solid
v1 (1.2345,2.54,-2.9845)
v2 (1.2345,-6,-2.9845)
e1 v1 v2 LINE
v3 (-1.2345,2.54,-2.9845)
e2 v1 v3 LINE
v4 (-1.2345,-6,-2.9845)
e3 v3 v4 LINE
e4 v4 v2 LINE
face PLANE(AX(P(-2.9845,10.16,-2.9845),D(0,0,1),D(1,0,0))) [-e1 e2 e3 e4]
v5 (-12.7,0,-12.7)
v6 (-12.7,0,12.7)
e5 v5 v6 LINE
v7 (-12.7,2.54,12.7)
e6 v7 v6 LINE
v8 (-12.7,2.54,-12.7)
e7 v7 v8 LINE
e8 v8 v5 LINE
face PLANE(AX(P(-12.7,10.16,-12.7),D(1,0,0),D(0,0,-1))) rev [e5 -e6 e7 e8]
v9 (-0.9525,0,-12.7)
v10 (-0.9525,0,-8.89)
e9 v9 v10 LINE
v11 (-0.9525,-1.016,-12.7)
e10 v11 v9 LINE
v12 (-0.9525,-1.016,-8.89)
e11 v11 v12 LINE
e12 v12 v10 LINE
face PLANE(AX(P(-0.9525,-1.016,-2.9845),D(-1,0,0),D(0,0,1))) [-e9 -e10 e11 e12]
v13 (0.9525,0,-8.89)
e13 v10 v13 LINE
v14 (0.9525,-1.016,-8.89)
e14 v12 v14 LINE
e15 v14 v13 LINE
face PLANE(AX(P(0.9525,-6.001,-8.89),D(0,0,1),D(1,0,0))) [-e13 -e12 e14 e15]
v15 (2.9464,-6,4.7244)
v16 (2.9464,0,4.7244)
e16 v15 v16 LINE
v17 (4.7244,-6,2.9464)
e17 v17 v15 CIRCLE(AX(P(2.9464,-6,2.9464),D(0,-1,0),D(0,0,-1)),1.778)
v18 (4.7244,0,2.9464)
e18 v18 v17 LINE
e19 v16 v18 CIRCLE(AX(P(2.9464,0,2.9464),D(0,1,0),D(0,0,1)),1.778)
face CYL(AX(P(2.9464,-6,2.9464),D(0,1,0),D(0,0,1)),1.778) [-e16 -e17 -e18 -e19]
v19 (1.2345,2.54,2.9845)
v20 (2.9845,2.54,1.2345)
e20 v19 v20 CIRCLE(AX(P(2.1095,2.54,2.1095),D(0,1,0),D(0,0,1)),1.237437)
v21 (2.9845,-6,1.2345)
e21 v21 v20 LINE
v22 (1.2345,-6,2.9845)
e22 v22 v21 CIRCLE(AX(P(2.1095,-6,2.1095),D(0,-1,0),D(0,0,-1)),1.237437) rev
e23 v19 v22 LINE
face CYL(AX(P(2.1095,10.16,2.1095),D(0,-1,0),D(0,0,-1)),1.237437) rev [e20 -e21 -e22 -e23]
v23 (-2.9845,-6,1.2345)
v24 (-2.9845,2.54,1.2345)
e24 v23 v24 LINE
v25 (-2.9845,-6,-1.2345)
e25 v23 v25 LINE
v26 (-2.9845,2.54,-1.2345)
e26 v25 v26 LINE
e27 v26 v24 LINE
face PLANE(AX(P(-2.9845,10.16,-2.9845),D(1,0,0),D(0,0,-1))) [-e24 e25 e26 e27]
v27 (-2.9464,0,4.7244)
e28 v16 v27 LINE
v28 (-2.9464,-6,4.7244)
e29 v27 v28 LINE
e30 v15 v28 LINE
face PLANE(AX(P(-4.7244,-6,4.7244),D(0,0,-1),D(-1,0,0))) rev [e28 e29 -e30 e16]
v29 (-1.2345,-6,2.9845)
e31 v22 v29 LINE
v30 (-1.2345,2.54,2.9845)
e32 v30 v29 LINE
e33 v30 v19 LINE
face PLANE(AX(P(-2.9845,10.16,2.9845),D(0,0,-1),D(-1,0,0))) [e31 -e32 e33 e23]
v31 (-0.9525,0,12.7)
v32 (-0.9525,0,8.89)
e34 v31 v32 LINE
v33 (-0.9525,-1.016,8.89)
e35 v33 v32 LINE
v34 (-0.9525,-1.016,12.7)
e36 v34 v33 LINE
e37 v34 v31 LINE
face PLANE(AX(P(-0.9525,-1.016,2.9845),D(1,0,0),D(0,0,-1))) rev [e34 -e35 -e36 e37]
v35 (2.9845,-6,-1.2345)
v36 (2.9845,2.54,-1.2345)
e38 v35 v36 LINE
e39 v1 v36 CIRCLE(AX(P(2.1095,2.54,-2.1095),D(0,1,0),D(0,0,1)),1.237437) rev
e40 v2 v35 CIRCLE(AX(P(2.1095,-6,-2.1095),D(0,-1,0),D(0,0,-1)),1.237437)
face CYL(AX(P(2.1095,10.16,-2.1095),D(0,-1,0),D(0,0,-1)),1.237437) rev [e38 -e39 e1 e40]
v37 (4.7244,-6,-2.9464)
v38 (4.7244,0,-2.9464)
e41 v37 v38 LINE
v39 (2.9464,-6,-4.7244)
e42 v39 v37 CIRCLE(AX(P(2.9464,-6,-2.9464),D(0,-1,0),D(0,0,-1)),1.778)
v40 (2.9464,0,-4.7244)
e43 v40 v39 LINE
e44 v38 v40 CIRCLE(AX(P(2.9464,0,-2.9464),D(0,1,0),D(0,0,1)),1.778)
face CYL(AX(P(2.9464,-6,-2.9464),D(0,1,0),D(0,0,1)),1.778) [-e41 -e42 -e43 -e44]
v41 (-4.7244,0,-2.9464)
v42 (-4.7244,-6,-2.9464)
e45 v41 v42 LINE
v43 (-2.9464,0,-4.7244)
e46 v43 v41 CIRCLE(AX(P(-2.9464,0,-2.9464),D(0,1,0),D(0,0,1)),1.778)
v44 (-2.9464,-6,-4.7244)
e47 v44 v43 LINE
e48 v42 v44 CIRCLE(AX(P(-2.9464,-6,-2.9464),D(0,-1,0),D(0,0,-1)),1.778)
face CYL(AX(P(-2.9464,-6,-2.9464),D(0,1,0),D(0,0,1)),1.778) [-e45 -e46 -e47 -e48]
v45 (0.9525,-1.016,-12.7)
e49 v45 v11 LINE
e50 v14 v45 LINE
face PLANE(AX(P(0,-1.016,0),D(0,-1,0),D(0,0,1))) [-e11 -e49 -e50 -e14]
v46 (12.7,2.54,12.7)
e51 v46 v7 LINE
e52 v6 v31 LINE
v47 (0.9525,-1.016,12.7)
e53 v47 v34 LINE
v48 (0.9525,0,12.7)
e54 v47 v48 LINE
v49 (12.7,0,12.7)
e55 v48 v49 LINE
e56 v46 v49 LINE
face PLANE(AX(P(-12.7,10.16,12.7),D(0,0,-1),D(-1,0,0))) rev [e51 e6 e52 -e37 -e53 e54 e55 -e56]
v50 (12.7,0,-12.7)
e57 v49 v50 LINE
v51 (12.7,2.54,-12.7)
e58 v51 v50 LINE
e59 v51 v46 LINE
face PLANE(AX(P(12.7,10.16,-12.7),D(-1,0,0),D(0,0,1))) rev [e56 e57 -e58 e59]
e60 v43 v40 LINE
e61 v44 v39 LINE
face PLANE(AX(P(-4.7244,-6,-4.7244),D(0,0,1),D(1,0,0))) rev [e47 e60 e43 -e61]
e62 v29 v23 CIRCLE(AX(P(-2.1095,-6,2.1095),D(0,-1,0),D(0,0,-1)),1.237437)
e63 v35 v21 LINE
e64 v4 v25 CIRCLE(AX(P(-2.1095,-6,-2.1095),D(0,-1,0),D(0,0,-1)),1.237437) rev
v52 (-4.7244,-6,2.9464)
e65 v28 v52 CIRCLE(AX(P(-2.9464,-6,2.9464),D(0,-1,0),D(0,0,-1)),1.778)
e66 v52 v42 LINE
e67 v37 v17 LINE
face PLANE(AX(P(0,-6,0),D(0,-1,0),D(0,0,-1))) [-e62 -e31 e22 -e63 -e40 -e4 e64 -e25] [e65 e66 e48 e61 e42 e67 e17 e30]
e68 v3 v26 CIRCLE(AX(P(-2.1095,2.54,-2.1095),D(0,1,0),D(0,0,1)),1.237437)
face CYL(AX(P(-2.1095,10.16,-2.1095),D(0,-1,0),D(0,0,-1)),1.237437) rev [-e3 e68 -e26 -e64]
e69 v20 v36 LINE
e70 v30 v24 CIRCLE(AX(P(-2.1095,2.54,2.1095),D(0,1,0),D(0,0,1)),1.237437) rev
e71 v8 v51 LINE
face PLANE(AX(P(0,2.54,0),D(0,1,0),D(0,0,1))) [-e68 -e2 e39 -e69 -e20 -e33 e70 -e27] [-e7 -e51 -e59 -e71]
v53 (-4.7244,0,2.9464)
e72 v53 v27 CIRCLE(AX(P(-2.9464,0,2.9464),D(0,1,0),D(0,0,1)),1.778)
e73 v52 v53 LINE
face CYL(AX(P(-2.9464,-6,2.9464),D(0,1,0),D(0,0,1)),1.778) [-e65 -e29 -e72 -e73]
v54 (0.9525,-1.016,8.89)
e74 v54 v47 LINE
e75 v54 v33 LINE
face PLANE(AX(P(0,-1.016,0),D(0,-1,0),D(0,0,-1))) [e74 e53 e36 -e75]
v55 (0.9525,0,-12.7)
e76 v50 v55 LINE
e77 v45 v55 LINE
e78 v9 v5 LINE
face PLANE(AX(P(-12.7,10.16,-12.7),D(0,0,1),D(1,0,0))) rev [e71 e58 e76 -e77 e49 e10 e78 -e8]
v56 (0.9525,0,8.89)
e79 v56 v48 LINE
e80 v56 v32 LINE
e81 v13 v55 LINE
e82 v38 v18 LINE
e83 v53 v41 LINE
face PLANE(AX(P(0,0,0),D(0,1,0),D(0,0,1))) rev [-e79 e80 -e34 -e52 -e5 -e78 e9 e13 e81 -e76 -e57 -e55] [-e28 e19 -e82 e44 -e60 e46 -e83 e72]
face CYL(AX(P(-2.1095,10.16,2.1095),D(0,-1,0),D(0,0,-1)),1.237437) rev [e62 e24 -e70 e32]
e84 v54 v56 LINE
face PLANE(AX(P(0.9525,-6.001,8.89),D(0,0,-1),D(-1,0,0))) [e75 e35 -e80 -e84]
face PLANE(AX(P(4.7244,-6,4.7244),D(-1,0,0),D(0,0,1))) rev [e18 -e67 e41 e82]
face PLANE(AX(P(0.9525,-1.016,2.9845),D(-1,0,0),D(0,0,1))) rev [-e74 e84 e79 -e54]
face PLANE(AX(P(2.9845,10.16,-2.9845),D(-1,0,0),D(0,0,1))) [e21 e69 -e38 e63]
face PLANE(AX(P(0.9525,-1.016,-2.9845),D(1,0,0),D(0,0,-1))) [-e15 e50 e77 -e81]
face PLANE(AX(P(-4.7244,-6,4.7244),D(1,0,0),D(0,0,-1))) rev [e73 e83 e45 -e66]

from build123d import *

# Parameters (mm, degrees)
SKETCH1_W               = 25.4
SKETCH1_H               = 25.4
SKETCH1_W_2             = 5.969
SKETCH1_H_2             = 5.969
BOSS_EXTRUDE1_DEPTH     = 10.16
SKETCH2_W               = 1.905
SKETCH2_H               = 9.7155
BOSS_EXTRUDE2_DEPTH     = 1.016
SKETCH3_W               = 9.4488
SKETCH3_H               = 9.4488
SKETCH3_W_2             = 5.969
SKETCH3_H_2             = 5.969
BOSS_EXTRUDE3_DEPTH     = 6
CUT_EXTRUDE2_REACH      = 22.635
SKETCH4_W               = 1.905
SKETCH4_H               = 4.1656
SKETCH7_R               = 1.237436867
CUT_EXTRUDE5_DEPTH      = 25.160413904
MIRROR4_COPY_1_SKETCH_R = 1.237436867
MIRROR4_COPY_1_DEPTH    = 25.160413904
SKETCH6_W               = 25.4
SKETCH6_H               = 25.4
CUT_EXTRUDE4_DEPTH      = 7.62
FILLET1_R               = 1.778


with BuildPart() as part:
    # Sketch1 → Boss-Extrude1 (new body)
    with BuildSketch(Plane(origin=(0, 0, 0), x_dir=(1, 0, 0), z_dir=(0, 1, 0))):
        Rectangle(SKETCH1_W, SKETCH1_H)
        Rectangle(SKETCH1_W_2, SKETCH1_H_2, mode=Mode.SUBTRACT)
    extrude(amount=BOSS_EXTRUDE1_DEPTH)

    # Sketch2 → Boss-Extrude2 (add)
    with BuildSketch(Plane.XZ):
        with Locations((0, 7.84225)):
            Rectangle(SKETCH2_W, SKETCH2_H)
    boss_extrude2 = extrude(amount=BOSS_EXTRUDE2_DEPTH)

    # Mirror1: Boss-Extrude2 across plane
    add(boss_extrude2.mirror(Plane.XY))

    # Sketch3 → Boss-Extrude3 (add)
    with BuildSketch(Plane.XZ):
        Rectangle(SKETCH3_W, SKETCH3_H)
        Rectangle(SKETCH3_W_2, SKETCH3_H_2, mode=Mode.SUBTRACT)
    extrude(amount=BOSS_EXTRUDE3_DEPTH)

    # Sketch4 → Cut-Extrude2 (cut, up to next)
    with BuildSketch(Plane.XZ, mode=Mode.PRIVATE) as cut_extrude2_sk1:
        with Locations((0, 6.8072)):
            Rectangle(SKETCH4_W, SKETCH4_H)
    cut_extrude2_tool1 = extrude(cut_extrude2_sk1.sketch, amount=CUT_EXTRUDE2_REACH, mode=Mode.PRIVATE) & part.part
    # Sketch4 → Cut-Extrude2 (cut, up to next)
    with BuildSketch(Plane.XZ, mode=Mode.PRIVATE) as cut_extrude2_sk2:
        with Locations((0, -6.8072)):
            Rectangle(SKETCH4_W, SKETCH4_H)
    cut_extrude2_tool2 = extrude(cut_extrude2_sk2.sketch, amount=CUT_EXTRUDE2_REACH, mode=Mode.PRIVATE) & part.part
    add(cut_extrude2_tool1.solids().sort_by_distance((0, 0, 6.8072))[0], mode=Mode.SUBTRACT)
    add(cut_extrude2_tool2.solids().sort_by_distance((0, 0, -6.8072))[0], mode=Mode.SUBTRACT)

    # Sketch7 → Cut-Extrude5 (cut, through all)
    with BuildSketch(Plane.XZ.offset(6)):
        with Locations((-2.1095, 2.1095)):
            Circle(SKETCH7_R)
    cut_extrude5 = extrude(amount=-CUT_EXTRUDE5_DEPTH, mode=Mode.SUBTRACT)

    # Mirror3: Cut-Extrude5 across plane
    add(cut_extrude5.mirror(Plane(origin=(0, 0, 0), x_dir=(0, 0, 1), z_dir=(1, 0, 0))), mode=Mode.SUBTRACT)

    # Mirror4: Cut-Extrude5 across plane
    add(cut_extrude5.mirror(Plane.XY), mode=Mode.SUBTRACT)

    # Mirror4 copy 1 sketch → Mirror4 copy 1 (cut, through all)
    with BuildSketch(Plane(origin=(0, -6, 0), x_dir=(-1, 0, 0), z_dir=(0, -1, 0))):
        with Locations((-2.1095, 2.1095)):
            Circle(MIRROR4_COPY_1_SKETCH_R)
    extrude(amount=-MIRROR4_COPY_1_DEPTH, mode=Mode.SUBTRACT)

    # Sketch6 → Cut-Extrude4 (cut)
    with BuildSketch(Plane(origin=(0, 10.16, 0), x_dir=(1, 0, 0), z_dir=(0, 1, 0))):
        Rectangle(SKETCH6_W, SKETCH6_H)
    extrude(amount=-CUT_EXTRUDE4_DEPTH, mode=Mode.SUBTRACT)

    # Fillet1
    fillet1_edges = [part.edges().sort_by_distance(p)[0] for p in [
        (4.7244, -3, 4.7244),
        (-4.7244, -3, 4.7244),
        (-4.7244, -3, -4.7244),
        (4.7244, -3, -4.7244),
    ]]
    fillet(fillet1_edges, radius=FILLET1_R)


solid = part.part
